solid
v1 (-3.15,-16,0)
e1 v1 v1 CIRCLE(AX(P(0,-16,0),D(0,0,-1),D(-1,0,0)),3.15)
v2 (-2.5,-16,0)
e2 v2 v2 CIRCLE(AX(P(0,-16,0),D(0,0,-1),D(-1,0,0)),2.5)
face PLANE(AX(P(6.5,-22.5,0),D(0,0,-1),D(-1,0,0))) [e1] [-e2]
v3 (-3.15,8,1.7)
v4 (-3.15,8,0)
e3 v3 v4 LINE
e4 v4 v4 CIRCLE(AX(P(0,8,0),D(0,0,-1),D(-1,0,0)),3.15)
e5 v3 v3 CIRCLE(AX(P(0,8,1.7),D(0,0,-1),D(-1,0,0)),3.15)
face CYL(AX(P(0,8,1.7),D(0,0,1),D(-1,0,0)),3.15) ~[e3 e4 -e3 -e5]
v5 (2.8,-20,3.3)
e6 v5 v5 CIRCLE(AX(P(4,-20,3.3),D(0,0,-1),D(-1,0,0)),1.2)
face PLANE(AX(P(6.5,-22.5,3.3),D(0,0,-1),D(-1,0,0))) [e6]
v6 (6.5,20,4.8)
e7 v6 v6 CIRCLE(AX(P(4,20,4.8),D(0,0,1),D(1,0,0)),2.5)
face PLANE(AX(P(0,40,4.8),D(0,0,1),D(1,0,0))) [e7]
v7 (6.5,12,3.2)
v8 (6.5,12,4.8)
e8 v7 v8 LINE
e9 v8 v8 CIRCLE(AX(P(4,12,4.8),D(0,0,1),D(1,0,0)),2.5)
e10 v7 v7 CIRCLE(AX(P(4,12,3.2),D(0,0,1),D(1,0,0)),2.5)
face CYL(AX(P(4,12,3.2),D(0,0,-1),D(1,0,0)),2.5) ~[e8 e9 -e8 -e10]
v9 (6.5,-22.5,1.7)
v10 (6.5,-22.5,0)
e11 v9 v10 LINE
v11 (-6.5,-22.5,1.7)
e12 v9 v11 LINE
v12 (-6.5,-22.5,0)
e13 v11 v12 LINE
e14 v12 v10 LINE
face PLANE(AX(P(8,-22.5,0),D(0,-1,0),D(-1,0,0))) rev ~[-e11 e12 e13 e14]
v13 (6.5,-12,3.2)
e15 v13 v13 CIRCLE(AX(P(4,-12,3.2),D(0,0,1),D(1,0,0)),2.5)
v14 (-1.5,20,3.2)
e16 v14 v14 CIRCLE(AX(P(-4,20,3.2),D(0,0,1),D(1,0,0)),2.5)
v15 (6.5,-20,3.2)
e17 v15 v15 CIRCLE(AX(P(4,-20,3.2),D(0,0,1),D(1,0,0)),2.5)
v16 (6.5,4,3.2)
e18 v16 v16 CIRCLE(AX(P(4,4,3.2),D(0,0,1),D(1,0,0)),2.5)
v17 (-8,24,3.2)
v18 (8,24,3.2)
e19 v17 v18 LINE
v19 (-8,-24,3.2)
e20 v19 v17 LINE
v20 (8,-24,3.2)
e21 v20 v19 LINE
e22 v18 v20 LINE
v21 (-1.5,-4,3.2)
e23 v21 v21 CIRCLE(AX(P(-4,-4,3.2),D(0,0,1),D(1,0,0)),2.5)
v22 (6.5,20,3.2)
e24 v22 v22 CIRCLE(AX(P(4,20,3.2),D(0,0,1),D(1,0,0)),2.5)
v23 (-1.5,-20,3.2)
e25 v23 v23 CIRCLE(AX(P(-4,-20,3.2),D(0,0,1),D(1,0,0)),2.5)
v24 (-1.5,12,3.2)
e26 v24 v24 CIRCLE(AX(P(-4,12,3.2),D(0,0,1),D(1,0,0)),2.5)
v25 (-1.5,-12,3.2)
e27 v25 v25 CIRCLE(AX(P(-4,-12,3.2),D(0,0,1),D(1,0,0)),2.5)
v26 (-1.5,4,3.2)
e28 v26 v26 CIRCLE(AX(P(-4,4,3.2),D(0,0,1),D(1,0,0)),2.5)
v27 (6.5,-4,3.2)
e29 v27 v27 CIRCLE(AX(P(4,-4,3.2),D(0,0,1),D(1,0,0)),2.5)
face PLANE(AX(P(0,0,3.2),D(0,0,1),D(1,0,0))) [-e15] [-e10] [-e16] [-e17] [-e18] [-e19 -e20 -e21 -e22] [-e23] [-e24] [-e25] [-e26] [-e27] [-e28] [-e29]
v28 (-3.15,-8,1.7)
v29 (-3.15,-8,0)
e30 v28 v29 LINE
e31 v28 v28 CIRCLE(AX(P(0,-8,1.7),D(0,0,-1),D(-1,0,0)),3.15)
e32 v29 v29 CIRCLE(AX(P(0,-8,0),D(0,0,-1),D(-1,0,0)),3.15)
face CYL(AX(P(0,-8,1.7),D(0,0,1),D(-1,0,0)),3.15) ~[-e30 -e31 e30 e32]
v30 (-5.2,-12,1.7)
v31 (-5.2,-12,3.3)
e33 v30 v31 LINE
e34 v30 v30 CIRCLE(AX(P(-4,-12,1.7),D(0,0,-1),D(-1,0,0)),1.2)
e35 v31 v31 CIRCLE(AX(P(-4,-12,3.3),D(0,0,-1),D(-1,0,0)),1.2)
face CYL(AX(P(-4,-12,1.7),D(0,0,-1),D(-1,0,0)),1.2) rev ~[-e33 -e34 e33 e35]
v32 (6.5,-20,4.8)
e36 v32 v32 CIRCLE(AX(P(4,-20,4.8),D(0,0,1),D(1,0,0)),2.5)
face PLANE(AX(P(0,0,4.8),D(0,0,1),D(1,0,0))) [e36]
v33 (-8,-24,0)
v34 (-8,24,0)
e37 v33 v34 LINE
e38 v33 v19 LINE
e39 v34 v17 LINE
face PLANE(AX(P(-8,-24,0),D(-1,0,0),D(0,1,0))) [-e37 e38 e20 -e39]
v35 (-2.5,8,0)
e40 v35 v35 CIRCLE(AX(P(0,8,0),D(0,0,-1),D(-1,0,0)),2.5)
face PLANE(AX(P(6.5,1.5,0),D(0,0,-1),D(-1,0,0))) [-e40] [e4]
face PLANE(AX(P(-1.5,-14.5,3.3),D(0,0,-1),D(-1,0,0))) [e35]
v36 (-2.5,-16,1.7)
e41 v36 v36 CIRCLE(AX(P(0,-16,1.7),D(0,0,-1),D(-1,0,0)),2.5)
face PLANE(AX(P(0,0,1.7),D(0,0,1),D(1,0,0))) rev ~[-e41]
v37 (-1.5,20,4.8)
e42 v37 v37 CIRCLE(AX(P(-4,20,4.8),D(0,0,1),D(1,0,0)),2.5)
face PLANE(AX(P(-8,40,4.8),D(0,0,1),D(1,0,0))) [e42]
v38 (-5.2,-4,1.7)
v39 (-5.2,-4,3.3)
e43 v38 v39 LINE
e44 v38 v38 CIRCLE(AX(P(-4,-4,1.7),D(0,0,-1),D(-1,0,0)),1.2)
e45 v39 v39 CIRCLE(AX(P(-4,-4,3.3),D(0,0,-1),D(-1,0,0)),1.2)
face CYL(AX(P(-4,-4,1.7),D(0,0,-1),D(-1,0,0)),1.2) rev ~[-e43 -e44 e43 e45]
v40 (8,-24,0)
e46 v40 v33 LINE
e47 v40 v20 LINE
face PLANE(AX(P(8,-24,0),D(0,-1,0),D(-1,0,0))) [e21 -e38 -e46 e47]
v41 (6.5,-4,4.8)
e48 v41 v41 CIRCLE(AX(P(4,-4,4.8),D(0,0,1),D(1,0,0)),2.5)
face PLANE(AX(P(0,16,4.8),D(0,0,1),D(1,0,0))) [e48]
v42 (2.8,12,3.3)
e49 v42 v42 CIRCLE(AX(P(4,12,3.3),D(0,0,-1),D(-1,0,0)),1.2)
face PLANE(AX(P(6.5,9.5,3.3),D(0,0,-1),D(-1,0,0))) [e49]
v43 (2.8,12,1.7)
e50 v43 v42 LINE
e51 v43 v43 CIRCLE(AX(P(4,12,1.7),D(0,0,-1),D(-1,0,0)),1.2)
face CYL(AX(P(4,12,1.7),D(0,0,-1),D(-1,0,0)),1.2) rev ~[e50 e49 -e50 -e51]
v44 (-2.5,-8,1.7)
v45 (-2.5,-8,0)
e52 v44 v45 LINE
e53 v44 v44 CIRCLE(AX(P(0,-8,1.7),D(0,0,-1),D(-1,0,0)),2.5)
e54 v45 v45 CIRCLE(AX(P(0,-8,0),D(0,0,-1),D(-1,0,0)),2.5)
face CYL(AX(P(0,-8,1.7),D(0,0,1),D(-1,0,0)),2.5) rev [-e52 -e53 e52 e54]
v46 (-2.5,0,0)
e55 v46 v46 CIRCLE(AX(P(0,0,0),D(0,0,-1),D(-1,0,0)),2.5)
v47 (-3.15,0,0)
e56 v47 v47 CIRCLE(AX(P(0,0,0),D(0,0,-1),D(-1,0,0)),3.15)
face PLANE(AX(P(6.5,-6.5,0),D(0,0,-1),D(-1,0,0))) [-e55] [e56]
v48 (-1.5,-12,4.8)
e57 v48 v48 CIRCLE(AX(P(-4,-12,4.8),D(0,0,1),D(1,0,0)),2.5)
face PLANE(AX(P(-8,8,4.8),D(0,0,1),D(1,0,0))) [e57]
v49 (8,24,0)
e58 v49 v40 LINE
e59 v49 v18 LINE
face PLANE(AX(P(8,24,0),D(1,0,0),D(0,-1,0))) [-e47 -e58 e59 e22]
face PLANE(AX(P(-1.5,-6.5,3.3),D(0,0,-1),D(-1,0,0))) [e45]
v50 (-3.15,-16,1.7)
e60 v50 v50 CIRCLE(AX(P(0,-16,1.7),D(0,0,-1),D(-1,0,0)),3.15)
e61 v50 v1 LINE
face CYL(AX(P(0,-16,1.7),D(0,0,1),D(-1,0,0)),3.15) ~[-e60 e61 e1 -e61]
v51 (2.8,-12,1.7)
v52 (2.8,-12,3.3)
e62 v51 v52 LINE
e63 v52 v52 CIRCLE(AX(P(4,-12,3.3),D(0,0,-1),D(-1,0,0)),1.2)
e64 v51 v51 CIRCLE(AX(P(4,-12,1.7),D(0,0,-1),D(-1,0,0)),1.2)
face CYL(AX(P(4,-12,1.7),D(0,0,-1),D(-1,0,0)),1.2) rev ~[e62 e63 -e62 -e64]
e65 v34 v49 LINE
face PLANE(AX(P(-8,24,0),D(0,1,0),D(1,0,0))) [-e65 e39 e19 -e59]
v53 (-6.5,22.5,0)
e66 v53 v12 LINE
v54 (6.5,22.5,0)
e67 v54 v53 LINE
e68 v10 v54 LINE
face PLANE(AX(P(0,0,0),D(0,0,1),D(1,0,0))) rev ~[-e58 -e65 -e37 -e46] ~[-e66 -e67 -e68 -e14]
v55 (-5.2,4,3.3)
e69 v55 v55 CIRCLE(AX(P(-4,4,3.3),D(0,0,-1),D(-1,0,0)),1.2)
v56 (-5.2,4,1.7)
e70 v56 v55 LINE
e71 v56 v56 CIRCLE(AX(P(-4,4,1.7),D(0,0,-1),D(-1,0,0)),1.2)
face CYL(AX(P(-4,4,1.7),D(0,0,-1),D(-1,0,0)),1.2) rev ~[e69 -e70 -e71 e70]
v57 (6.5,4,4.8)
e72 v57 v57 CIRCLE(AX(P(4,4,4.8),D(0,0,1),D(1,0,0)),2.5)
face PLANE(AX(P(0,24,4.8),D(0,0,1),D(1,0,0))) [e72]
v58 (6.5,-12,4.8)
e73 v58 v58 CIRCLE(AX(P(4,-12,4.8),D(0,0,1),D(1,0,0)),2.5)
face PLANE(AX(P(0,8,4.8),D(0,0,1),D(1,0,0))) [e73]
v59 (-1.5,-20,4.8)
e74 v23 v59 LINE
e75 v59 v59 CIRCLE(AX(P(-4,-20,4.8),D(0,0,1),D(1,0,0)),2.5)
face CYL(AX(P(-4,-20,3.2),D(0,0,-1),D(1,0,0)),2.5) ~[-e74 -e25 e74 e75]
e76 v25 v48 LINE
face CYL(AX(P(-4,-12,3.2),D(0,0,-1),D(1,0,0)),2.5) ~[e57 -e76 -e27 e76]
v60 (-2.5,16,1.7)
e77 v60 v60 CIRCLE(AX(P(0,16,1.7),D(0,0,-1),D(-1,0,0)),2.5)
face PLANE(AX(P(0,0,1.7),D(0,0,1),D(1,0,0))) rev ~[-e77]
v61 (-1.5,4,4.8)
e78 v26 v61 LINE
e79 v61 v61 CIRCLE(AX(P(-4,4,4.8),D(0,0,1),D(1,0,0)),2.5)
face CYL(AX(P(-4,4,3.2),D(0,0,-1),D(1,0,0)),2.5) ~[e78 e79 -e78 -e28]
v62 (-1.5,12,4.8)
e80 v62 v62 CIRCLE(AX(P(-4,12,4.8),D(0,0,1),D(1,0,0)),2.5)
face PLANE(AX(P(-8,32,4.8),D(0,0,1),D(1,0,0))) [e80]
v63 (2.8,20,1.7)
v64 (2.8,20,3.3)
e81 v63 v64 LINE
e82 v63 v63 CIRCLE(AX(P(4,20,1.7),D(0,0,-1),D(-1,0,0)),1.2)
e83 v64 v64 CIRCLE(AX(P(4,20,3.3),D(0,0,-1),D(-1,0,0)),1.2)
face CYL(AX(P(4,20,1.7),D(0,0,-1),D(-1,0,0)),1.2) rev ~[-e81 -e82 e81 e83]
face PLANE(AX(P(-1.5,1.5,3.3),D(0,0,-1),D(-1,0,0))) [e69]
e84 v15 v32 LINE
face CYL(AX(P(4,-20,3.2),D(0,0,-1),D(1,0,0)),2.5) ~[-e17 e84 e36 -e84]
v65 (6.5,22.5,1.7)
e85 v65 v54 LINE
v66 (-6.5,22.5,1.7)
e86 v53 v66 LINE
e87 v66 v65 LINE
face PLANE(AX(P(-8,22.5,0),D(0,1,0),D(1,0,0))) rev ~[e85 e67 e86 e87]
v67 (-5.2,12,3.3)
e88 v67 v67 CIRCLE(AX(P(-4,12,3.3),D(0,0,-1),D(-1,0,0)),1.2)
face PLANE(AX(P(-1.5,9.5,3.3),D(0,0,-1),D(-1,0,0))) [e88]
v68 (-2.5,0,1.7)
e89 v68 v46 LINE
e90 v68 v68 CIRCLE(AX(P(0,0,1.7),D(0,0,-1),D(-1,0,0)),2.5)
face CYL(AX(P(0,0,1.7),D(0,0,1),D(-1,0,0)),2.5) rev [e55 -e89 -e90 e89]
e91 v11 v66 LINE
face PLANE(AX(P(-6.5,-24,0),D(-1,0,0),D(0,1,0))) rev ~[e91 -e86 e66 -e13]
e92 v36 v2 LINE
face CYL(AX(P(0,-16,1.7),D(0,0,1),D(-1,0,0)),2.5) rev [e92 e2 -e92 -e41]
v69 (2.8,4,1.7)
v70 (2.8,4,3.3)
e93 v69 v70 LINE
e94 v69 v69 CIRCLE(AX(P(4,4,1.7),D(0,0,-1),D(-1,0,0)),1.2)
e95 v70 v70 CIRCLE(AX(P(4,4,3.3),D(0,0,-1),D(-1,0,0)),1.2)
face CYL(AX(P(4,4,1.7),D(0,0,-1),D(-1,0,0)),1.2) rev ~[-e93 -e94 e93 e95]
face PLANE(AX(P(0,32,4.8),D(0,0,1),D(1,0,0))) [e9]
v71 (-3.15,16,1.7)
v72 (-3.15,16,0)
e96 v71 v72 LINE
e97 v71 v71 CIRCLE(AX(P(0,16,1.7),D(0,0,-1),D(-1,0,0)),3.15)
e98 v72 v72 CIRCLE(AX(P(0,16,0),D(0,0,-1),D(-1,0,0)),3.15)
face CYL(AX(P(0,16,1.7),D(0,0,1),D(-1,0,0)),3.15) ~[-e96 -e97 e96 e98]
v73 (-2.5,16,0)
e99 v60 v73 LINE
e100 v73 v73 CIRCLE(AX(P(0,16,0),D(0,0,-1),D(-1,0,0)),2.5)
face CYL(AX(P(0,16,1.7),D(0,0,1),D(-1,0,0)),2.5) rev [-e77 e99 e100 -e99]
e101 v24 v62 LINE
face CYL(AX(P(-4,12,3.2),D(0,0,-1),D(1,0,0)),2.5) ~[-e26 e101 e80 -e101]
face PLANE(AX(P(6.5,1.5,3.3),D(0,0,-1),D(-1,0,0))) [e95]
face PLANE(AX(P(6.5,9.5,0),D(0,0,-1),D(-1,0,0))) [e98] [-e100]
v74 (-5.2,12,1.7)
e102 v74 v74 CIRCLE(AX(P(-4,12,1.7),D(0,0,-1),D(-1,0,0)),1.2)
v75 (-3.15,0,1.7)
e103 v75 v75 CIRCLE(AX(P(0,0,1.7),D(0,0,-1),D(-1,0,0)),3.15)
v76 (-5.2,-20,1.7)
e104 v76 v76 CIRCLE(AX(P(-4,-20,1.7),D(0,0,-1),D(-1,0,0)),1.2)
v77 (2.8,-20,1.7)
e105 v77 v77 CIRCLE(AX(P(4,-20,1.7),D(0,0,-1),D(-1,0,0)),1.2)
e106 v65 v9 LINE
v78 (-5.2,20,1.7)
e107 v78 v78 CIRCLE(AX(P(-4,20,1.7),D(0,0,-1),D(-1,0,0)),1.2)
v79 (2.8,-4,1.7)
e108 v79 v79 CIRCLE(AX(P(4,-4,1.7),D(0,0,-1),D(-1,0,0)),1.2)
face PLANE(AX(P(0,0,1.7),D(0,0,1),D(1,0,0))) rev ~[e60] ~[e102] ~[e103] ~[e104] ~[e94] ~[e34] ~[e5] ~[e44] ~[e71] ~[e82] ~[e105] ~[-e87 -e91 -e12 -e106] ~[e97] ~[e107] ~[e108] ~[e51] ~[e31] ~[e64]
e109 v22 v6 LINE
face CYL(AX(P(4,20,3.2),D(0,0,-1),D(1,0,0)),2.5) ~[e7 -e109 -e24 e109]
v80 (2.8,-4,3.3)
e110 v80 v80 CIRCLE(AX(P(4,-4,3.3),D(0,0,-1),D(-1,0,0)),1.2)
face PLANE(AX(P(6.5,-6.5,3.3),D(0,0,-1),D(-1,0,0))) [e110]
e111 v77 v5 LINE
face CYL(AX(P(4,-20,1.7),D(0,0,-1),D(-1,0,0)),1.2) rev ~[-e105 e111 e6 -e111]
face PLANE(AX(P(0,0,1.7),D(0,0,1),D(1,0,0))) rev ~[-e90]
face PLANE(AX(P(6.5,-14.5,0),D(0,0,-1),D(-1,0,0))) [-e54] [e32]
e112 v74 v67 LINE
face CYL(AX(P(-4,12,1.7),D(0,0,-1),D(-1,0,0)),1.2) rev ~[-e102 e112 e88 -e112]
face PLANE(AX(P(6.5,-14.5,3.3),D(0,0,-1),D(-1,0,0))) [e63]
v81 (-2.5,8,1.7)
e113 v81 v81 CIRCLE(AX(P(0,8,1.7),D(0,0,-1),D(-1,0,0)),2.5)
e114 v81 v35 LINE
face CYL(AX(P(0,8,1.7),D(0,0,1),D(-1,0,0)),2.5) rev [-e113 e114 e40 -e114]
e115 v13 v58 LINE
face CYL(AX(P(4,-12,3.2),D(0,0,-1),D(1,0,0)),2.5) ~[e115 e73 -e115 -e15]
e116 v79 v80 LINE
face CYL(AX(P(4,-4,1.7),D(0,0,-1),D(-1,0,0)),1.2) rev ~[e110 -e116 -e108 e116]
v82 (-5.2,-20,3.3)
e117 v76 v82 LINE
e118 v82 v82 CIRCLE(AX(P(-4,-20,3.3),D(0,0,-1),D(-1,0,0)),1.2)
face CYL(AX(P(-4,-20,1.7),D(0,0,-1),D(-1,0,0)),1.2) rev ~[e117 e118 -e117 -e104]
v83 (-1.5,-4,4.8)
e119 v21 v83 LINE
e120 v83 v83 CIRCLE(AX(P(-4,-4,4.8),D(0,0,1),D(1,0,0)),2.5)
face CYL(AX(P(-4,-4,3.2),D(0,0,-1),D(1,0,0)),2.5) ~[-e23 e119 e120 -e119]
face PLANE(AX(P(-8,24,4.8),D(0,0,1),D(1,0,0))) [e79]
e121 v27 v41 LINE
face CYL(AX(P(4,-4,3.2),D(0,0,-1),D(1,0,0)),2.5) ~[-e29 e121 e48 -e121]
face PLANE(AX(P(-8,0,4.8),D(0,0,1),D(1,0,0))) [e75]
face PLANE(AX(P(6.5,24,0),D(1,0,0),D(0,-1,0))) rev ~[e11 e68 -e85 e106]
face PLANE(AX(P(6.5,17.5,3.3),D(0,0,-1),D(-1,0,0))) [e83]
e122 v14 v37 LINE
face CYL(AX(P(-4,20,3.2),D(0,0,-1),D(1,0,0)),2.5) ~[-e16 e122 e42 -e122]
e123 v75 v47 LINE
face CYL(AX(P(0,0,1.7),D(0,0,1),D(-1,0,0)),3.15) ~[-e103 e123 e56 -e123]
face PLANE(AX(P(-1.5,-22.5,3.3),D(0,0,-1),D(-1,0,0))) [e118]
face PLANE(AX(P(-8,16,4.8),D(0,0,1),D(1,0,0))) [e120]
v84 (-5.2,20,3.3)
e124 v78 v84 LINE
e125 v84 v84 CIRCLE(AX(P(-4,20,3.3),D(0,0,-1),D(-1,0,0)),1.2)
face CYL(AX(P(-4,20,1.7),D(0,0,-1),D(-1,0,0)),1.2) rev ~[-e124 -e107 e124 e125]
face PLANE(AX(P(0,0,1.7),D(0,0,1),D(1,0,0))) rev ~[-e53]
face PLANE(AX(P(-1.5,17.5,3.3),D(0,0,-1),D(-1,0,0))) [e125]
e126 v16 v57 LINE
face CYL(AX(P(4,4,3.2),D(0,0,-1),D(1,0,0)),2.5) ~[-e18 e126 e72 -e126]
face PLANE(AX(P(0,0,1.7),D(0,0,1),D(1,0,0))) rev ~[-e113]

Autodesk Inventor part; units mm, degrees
ref_plane "YZ Plane" through (0, 0, 0) normal (1, 0, 0) x (0, 1, 0)
ref_plane "XZ Plane" through (0, 0, 0) normal (0, 1, 0) x (-1, 0, 0)
ref_plane "XY Plane" through (0, 0, 0) normal (0, 0, 1) x (1, 0, 0)
sketch "Sketch1" plane through (0, 0, 0) normal (0, 0, 1) x (1, 0, 0)
  line L0 (-8, 24) -> (8, 24)
  line L1 (8, 24) -> (8, -24)
  line L2 (8, -24) -> (-8, -24)
  line L3 (-8, -24) -> (-8, 24)
  point P0 (0, 0)
  dimension "d0" = 16
  dimension "d1" = 48
  dimension "d2" = 8
  dimension "d3" = 24
extrude "Extrusion1" add sketch "Sketch1" along normal blind 3.2
shell "Shell1" thickness 1.5 removed faces 1 at (-2.6667, 8, 0)
sketch "Sketch2" plane through (0, 0, 3.2) normal (0, 0, 1) x (1, 0, 0)
  circle A0 centre (4, -20) radius 2.5
  line L0 (8, 24) -> (8, -24) projected
  line L1 (8, -24) -> (-8, -24) projected
  dimension "d7" = 5
  dimension "d10" = 4
  dimension "d11" = 4
extrude "Extrusion2" add sketch "Sketch2" along normal blind 1.6
sketch "Sketch3" plane through (6.5, -22.5, 1.7) normal (0, 0, -1) x (-1, 0, 0)
  circle A0 centre (2.5, 2.5) radius 2.5 projected
  circle A1 centre (2.5, 2.5) radius 1.2
  point P0 (6.5, 22.5)
  dimension "d18" = 2.4
extrude "Extrusion3" cut sketch "Sketch3" against normal blind 1.6 contours A1
pattern_linear "Rectangular Pattern1" count 6 spacing 8 along (0, 1, 0) count 2 spacing 8 along (-1, 0, 0) of "Extrusion2", "Extrusion3"
sketch "Sketch4" plane through (6.5, -22.5, 1.7) normal (0, 0, -1) x (-1, 0, 0)
  circle A0 centre (2.5, 10.5) radius 1.2 projected
  circle A1 centre (2.5, 2.5) radius 1.2 projected
  line L0 (0, 45) -> (0, 0) projected
  line L1 (0, 0) -> (13, 0) projected
  circle A2 centre (6.5, 6.5) radius 3.15
  circle A3 centre (6.5, 6.5) radius 2.5
  point P0 (6.5, 22.5)
  dimension "d21" = 6.5
  dimension "d22" = 6.5
  dimension "d23" = 10.5
  dimension "d24" = 2.5
  dimension "d25" = 5
  dimension "d26" = 6.3
extrude "Extrusion4" add sketch "Sketch4" along normal up to surface (1.7 mm away) contours A2
pattern_linear "Rectangular Pattern2" count 5 spacing 8 along (0, 1, 0) of "Extrusion4"
equation "\"d0\" = 8 * WIDTH"
equation "\"d1\" = 8 * LENGTH"
equation "\"d2\" = 0.5 * d0"
equation "\"d3\" = 0.5 * d1"
equation "\"d4\" = HEIGHT"
equation "\"d21\" = 0.5 * d23 + 0.5 * d24"
equation "\"d22\" = d21"
equation "\"WIDTH\" = 2"
equation "\"HEIGHT\" = 3.2"
equation "\"LENGTH\" = 6"
properties part number "3975" material "Steel"
